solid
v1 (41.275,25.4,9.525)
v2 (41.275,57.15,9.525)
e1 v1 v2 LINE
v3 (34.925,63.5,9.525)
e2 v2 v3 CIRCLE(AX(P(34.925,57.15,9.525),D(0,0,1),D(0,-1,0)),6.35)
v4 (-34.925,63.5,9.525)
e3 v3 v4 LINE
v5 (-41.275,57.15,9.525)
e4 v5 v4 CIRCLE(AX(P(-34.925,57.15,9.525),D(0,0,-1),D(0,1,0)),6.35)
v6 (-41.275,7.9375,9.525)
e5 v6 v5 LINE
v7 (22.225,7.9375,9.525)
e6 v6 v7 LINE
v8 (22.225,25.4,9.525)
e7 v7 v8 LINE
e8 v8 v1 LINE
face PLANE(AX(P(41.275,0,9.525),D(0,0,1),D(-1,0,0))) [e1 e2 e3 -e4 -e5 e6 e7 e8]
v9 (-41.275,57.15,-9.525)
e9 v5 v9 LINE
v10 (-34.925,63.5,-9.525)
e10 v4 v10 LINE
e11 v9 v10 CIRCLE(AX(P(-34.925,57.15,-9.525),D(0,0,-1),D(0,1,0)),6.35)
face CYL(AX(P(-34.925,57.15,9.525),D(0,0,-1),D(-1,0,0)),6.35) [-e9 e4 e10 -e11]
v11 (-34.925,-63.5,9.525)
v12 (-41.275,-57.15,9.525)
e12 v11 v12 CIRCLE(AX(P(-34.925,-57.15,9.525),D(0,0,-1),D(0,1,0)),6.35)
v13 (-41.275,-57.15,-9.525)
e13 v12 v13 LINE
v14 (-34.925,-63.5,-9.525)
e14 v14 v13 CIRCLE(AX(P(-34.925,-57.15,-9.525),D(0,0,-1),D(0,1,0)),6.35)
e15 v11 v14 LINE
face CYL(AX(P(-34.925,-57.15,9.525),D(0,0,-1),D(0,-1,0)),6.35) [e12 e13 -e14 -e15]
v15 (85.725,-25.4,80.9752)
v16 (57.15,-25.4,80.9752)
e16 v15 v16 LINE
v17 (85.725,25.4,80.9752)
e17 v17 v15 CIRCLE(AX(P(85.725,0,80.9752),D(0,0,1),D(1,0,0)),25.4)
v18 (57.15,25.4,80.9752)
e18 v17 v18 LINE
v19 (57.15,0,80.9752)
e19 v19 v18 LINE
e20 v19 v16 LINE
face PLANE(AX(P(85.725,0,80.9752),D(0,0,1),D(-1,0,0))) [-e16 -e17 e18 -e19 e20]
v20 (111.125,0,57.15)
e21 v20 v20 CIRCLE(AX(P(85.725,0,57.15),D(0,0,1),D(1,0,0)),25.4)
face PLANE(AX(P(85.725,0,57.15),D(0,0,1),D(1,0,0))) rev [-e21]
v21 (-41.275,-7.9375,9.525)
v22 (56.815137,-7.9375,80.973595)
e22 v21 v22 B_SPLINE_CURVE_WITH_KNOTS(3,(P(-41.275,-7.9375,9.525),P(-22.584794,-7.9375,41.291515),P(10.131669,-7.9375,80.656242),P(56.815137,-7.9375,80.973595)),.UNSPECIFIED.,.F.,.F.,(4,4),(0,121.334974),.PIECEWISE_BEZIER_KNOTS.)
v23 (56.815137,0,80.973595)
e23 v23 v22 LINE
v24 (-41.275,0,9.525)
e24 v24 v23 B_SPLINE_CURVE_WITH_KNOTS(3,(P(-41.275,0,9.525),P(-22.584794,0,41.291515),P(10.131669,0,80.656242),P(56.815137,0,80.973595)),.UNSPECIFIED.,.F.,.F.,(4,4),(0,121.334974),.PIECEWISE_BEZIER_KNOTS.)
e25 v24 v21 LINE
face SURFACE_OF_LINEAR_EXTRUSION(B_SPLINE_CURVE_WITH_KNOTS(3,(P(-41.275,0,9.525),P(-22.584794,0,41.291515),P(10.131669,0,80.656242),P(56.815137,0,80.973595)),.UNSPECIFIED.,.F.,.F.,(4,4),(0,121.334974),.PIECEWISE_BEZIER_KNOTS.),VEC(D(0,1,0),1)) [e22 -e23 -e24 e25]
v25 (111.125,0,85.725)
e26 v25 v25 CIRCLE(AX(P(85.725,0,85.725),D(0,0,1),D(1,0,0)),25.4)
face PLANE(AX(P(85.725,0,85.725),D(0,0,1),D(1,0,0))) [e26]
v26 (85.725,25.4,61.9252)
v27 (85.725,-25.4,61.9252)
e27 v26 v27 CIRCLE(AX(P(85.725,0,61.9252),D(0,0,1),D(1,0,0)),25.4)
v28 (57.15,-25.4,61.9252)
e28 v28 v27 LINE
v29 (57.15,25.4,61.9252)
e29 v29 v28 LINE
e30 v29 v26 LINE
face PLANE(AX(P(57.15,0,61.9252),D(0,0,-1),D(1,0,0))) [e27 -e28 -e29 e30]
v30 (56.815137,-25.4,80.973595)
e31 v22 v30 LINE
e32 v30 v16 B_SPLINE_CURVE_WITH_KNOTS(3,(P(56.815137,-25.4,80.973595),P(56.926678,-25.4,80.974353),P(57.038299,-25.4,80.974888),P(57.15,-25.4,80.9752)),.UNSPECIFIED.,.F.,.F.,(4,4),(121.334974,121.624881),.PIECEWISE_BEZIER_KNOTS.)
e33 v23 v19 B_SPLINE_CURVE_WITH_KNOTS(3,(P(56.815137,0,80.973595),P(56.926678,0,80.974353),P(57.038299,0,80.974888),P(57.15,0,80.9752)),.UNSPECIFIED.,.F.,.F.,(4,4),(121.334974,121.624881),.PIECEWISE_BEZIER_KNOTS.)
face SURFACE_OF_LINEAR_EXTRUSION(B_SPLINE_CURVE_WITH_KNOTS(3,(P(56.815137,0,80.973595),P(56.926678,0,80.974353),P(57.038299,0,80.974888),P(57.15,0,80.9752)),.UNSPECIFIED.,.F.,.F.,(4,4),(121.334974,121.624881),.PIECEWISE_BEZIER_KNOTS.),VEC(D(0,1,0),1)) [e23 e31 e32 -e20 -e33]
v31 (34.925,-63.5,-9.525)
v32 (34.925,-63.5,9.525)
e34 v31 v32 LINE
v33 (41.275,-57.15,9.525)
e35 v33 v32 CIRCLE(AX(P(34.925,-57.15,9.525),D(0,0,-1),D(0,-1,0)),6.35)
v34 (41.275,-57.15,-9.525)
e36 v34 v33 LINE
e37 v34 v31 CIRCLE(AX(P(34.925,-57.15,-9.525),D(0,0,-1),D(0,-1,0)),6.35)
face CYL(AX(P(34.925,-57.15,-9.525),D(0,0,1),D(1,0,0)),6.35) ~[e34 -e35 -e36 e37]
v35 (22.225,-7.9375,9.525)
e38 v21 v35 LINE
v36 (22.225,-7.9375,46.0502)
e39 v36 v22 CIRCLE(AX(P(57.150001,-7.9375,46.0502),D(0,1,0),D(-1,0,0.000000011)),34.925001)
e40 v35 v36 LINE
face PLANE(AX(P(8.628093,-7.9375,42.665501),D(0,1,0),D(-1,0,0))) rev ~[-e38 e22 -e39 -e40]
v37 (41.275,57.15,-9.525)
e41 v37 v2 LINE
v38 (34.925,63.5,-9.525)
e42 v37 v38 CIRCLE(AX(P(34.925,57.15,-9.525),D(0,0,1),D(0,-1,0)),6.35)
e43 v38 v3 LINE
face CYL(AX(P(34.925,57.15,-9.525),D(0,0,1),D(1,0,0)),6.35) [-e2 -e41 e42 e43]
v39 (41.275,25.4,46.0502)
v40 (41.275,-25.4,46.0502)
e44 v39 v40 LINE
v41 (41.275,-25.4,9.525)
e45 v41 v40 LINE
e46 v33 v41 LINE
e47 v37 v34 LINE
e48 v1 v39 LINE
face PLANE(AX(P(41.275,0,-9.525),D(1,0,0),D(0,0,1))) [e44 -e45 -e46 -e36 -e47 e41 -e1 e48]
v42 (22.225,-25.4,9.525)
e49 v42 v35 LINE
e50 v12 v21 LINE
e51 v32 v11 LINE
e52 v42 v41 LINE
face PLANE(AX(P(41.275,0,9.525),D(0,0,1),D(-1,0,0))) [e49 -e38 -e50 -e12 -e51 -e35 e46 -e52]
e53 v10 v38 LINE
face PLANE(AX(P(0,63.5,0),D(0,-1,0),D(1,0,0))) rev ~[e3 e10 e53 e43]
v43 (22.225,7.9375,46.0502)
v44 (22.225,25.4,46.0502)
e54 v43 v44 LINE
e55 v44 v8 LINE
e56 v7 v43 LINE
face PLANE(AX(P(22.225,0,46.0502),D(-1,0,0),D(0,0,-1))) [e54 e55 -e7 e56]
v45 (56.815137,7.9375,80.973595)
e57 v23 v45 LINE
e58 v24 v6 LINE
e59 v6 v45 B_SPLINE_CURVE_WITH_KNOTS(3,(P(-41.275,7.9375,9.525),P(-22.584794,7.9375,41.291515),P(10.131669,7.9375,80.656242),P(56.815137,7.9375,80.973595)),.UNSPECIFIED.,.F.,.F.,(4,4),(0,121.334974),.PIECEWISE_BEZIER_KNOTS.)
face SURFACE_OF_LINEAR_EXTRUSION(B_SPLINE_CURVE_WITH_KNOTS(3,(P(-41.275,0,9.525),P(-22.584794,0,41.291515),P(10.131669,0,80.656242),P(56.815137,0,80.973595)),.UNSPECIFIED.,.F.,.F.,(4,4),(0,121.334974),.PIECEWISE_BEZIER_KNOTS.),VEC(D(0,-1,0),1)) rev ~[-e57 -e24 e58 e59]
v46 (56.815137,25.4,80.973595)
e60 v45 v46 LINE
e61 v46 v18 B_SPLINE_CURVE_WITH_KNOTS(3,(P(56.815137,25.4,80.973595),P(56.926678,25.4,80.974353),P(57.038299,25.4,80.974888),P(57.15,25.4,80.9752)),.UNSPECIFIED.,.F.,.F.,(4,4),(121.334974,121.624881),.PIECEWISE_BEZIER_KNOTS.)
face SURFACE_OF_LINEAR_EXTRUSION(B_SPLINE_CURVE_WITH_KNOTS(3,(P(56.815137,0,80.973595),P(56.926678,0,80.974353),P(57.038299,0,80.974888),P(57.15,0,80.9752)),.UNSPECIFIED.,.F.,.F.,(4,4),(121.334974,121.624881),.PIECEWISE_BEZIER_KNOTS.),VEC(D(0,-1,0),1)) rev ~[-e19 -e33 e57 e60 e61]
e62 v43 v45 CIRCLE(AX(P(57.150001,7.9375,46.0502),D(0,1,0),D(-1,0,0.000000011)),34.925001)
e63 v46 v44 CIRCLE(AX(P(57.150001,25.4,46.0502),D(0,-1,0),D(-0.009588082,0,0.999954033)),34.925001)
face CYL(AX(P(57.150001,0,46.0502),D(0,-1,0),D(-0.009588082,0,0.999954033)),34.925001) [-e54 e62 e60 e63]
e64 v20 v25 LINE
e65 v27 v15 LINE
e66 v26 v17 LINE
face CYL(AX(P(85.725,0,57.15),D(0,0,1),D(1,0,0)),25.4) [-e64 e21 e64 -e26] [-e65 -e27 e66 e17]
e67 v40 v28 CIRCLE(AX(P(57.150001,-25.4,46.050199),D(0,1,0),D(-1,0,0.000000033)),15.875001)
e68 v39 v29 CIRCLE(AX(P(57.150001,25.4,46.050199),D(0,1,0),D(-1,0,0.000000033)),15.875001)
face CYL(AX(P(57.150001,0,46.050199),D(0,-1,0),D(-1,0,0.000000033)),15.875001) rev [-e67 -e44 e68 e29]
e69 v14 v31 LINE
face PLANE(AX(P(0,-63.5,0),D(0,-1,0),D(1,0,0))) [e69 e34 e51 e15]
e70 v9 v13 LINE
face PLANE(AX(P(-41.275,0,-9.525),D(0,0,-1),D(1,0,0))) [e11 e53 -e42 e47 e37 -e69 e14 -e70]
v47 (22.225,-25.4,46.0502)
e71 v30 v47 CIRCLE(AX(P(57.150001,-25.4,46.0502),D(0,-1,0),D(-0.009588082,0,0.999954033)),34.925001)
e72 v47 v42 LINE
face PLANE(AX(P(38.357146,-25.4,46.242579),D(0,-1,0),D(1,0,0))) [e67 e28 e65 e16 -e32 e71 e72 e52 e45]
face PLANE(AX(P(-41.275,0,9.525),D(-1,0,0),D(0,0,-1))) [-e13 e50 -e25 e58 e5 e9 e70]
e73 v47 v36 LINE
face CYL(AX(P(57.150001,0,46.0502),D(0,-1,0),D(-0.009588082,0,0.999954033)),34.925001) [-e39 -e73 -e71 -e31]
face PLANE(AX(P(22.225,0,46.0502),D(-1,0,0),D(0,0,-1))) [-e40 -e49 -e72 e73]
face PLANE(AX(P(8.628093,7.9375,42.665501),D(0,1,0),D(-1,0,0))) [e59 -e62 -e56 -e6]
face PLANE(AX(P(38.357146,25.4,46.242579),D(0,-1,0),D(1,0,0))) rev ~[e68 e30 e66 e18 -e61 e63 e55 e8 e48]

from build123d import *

# Parameters (mm, degrees)
F1_DEPTH = 63.5
F2_DEPTH = 25.4
F3_DEPTH = 7.9375
F5_R     = 6.35


with BuildPart() as f1:
    # F0 (on Front) → F1 (new body, symmetric)
    with BuildSketch(Plane.XZ):
        Polygon((-41.275, 9.525), (-41.275, -9.525), (41.275, -9.525), (41.275, 9.525), (22.225, 9.525), align=None)
    extrude(amount=F1_DEPTH, both=True)

    # F0 (on Front) → F2 (join, symmetric)
    with BuildSketch(Plane.XZ):
        with BuildLine():
            Line((22.225, 9.525), (41.275, 9.525))
            Line((41.275, 9.525), (41.275, 46.0502))
            ThreePointArc((41.275, 46.0502), (45.92468, 57.27552), (57.15, 61.9252))
            Line((57.15, 61.9252), (60.325, 61.9252))
            Line((60.325, 61.9252), (60.325, 80.9752))
            Line((60.325, 80.9752), (57.15, 80.9752))
            add(Edge.make_bspline(
                [(56.815137, 80.973595), (56.926678, 80.974353), (57.038299, 80.974888), (57.15, 80.9752)],
                knots=[121.334974, 121.334974, 121.334974, 121.334974, 121.624881, 121.624881, 121.624881, 121.624881], degree=3))
            ThreePointArc((56.815137, 80.973595), (32.336186, 70.627227), (22.225, 46.0502))
            Line((22.225, 46.0502), (22.225, 9.525))
        make_face()
        Polygon((85.725, 80.9752), (60.325, 80.9752), (60.325, 61.9252), (71.4375, 61.9252), (85.725, 61.9252), align=None)
    extrude(amount=F2_DEPTH, both=True)

    # F0 (on Front) → F3 (join, symmetric)
    with BuildSketch(Plane.XZ):
        with BuildLine():
            add(Edge.make_bspline(
                [(-41.275, 9.525), (-22.584794, 41.291515), (10.131669, 80.656242), (56.815137, 80.973595)],
                knots=[0, 0, 0, 0, 121.334974, 121.334974, 121.334974, 121.334974], degree=3))
            Line((-41.275, 9.525), (22.225, 9.525))
            Line((22.225, 9.525), (22.225, 46.0502))
            ThreePointArc((22.225, 46.0502), (32.336186, 70.627227), (56.815137, 80.973595))
        make_face()
    extrude(amount=F3_DEPTH, both=True)

    # F0 (on Front) → F4 (revolve)
    with BuildSketch(Plane.XZ):
        Polygon((85.725, 85.725), (85.725, 80.9752), (85.725, 61.9252), (85.725, 57.15), (111.125, 57.15), (111.125, 85.725), align=None)
    revolve(axis=Axis((85.725, 0, 71.4375), (0, 0, 1)))

    # F5
    f5_edges = [f1.edges().sort_by_distance(p)[0] for p in [
        (-41.275, -63.5, 0),
        (41.275, -63.5, 0),
        (41.275, 63.5, 0),
        (-41.275, 63.5, 0),
    ]]
    fillet(f5_edges, radius=F5_R)


solid = f1.part
